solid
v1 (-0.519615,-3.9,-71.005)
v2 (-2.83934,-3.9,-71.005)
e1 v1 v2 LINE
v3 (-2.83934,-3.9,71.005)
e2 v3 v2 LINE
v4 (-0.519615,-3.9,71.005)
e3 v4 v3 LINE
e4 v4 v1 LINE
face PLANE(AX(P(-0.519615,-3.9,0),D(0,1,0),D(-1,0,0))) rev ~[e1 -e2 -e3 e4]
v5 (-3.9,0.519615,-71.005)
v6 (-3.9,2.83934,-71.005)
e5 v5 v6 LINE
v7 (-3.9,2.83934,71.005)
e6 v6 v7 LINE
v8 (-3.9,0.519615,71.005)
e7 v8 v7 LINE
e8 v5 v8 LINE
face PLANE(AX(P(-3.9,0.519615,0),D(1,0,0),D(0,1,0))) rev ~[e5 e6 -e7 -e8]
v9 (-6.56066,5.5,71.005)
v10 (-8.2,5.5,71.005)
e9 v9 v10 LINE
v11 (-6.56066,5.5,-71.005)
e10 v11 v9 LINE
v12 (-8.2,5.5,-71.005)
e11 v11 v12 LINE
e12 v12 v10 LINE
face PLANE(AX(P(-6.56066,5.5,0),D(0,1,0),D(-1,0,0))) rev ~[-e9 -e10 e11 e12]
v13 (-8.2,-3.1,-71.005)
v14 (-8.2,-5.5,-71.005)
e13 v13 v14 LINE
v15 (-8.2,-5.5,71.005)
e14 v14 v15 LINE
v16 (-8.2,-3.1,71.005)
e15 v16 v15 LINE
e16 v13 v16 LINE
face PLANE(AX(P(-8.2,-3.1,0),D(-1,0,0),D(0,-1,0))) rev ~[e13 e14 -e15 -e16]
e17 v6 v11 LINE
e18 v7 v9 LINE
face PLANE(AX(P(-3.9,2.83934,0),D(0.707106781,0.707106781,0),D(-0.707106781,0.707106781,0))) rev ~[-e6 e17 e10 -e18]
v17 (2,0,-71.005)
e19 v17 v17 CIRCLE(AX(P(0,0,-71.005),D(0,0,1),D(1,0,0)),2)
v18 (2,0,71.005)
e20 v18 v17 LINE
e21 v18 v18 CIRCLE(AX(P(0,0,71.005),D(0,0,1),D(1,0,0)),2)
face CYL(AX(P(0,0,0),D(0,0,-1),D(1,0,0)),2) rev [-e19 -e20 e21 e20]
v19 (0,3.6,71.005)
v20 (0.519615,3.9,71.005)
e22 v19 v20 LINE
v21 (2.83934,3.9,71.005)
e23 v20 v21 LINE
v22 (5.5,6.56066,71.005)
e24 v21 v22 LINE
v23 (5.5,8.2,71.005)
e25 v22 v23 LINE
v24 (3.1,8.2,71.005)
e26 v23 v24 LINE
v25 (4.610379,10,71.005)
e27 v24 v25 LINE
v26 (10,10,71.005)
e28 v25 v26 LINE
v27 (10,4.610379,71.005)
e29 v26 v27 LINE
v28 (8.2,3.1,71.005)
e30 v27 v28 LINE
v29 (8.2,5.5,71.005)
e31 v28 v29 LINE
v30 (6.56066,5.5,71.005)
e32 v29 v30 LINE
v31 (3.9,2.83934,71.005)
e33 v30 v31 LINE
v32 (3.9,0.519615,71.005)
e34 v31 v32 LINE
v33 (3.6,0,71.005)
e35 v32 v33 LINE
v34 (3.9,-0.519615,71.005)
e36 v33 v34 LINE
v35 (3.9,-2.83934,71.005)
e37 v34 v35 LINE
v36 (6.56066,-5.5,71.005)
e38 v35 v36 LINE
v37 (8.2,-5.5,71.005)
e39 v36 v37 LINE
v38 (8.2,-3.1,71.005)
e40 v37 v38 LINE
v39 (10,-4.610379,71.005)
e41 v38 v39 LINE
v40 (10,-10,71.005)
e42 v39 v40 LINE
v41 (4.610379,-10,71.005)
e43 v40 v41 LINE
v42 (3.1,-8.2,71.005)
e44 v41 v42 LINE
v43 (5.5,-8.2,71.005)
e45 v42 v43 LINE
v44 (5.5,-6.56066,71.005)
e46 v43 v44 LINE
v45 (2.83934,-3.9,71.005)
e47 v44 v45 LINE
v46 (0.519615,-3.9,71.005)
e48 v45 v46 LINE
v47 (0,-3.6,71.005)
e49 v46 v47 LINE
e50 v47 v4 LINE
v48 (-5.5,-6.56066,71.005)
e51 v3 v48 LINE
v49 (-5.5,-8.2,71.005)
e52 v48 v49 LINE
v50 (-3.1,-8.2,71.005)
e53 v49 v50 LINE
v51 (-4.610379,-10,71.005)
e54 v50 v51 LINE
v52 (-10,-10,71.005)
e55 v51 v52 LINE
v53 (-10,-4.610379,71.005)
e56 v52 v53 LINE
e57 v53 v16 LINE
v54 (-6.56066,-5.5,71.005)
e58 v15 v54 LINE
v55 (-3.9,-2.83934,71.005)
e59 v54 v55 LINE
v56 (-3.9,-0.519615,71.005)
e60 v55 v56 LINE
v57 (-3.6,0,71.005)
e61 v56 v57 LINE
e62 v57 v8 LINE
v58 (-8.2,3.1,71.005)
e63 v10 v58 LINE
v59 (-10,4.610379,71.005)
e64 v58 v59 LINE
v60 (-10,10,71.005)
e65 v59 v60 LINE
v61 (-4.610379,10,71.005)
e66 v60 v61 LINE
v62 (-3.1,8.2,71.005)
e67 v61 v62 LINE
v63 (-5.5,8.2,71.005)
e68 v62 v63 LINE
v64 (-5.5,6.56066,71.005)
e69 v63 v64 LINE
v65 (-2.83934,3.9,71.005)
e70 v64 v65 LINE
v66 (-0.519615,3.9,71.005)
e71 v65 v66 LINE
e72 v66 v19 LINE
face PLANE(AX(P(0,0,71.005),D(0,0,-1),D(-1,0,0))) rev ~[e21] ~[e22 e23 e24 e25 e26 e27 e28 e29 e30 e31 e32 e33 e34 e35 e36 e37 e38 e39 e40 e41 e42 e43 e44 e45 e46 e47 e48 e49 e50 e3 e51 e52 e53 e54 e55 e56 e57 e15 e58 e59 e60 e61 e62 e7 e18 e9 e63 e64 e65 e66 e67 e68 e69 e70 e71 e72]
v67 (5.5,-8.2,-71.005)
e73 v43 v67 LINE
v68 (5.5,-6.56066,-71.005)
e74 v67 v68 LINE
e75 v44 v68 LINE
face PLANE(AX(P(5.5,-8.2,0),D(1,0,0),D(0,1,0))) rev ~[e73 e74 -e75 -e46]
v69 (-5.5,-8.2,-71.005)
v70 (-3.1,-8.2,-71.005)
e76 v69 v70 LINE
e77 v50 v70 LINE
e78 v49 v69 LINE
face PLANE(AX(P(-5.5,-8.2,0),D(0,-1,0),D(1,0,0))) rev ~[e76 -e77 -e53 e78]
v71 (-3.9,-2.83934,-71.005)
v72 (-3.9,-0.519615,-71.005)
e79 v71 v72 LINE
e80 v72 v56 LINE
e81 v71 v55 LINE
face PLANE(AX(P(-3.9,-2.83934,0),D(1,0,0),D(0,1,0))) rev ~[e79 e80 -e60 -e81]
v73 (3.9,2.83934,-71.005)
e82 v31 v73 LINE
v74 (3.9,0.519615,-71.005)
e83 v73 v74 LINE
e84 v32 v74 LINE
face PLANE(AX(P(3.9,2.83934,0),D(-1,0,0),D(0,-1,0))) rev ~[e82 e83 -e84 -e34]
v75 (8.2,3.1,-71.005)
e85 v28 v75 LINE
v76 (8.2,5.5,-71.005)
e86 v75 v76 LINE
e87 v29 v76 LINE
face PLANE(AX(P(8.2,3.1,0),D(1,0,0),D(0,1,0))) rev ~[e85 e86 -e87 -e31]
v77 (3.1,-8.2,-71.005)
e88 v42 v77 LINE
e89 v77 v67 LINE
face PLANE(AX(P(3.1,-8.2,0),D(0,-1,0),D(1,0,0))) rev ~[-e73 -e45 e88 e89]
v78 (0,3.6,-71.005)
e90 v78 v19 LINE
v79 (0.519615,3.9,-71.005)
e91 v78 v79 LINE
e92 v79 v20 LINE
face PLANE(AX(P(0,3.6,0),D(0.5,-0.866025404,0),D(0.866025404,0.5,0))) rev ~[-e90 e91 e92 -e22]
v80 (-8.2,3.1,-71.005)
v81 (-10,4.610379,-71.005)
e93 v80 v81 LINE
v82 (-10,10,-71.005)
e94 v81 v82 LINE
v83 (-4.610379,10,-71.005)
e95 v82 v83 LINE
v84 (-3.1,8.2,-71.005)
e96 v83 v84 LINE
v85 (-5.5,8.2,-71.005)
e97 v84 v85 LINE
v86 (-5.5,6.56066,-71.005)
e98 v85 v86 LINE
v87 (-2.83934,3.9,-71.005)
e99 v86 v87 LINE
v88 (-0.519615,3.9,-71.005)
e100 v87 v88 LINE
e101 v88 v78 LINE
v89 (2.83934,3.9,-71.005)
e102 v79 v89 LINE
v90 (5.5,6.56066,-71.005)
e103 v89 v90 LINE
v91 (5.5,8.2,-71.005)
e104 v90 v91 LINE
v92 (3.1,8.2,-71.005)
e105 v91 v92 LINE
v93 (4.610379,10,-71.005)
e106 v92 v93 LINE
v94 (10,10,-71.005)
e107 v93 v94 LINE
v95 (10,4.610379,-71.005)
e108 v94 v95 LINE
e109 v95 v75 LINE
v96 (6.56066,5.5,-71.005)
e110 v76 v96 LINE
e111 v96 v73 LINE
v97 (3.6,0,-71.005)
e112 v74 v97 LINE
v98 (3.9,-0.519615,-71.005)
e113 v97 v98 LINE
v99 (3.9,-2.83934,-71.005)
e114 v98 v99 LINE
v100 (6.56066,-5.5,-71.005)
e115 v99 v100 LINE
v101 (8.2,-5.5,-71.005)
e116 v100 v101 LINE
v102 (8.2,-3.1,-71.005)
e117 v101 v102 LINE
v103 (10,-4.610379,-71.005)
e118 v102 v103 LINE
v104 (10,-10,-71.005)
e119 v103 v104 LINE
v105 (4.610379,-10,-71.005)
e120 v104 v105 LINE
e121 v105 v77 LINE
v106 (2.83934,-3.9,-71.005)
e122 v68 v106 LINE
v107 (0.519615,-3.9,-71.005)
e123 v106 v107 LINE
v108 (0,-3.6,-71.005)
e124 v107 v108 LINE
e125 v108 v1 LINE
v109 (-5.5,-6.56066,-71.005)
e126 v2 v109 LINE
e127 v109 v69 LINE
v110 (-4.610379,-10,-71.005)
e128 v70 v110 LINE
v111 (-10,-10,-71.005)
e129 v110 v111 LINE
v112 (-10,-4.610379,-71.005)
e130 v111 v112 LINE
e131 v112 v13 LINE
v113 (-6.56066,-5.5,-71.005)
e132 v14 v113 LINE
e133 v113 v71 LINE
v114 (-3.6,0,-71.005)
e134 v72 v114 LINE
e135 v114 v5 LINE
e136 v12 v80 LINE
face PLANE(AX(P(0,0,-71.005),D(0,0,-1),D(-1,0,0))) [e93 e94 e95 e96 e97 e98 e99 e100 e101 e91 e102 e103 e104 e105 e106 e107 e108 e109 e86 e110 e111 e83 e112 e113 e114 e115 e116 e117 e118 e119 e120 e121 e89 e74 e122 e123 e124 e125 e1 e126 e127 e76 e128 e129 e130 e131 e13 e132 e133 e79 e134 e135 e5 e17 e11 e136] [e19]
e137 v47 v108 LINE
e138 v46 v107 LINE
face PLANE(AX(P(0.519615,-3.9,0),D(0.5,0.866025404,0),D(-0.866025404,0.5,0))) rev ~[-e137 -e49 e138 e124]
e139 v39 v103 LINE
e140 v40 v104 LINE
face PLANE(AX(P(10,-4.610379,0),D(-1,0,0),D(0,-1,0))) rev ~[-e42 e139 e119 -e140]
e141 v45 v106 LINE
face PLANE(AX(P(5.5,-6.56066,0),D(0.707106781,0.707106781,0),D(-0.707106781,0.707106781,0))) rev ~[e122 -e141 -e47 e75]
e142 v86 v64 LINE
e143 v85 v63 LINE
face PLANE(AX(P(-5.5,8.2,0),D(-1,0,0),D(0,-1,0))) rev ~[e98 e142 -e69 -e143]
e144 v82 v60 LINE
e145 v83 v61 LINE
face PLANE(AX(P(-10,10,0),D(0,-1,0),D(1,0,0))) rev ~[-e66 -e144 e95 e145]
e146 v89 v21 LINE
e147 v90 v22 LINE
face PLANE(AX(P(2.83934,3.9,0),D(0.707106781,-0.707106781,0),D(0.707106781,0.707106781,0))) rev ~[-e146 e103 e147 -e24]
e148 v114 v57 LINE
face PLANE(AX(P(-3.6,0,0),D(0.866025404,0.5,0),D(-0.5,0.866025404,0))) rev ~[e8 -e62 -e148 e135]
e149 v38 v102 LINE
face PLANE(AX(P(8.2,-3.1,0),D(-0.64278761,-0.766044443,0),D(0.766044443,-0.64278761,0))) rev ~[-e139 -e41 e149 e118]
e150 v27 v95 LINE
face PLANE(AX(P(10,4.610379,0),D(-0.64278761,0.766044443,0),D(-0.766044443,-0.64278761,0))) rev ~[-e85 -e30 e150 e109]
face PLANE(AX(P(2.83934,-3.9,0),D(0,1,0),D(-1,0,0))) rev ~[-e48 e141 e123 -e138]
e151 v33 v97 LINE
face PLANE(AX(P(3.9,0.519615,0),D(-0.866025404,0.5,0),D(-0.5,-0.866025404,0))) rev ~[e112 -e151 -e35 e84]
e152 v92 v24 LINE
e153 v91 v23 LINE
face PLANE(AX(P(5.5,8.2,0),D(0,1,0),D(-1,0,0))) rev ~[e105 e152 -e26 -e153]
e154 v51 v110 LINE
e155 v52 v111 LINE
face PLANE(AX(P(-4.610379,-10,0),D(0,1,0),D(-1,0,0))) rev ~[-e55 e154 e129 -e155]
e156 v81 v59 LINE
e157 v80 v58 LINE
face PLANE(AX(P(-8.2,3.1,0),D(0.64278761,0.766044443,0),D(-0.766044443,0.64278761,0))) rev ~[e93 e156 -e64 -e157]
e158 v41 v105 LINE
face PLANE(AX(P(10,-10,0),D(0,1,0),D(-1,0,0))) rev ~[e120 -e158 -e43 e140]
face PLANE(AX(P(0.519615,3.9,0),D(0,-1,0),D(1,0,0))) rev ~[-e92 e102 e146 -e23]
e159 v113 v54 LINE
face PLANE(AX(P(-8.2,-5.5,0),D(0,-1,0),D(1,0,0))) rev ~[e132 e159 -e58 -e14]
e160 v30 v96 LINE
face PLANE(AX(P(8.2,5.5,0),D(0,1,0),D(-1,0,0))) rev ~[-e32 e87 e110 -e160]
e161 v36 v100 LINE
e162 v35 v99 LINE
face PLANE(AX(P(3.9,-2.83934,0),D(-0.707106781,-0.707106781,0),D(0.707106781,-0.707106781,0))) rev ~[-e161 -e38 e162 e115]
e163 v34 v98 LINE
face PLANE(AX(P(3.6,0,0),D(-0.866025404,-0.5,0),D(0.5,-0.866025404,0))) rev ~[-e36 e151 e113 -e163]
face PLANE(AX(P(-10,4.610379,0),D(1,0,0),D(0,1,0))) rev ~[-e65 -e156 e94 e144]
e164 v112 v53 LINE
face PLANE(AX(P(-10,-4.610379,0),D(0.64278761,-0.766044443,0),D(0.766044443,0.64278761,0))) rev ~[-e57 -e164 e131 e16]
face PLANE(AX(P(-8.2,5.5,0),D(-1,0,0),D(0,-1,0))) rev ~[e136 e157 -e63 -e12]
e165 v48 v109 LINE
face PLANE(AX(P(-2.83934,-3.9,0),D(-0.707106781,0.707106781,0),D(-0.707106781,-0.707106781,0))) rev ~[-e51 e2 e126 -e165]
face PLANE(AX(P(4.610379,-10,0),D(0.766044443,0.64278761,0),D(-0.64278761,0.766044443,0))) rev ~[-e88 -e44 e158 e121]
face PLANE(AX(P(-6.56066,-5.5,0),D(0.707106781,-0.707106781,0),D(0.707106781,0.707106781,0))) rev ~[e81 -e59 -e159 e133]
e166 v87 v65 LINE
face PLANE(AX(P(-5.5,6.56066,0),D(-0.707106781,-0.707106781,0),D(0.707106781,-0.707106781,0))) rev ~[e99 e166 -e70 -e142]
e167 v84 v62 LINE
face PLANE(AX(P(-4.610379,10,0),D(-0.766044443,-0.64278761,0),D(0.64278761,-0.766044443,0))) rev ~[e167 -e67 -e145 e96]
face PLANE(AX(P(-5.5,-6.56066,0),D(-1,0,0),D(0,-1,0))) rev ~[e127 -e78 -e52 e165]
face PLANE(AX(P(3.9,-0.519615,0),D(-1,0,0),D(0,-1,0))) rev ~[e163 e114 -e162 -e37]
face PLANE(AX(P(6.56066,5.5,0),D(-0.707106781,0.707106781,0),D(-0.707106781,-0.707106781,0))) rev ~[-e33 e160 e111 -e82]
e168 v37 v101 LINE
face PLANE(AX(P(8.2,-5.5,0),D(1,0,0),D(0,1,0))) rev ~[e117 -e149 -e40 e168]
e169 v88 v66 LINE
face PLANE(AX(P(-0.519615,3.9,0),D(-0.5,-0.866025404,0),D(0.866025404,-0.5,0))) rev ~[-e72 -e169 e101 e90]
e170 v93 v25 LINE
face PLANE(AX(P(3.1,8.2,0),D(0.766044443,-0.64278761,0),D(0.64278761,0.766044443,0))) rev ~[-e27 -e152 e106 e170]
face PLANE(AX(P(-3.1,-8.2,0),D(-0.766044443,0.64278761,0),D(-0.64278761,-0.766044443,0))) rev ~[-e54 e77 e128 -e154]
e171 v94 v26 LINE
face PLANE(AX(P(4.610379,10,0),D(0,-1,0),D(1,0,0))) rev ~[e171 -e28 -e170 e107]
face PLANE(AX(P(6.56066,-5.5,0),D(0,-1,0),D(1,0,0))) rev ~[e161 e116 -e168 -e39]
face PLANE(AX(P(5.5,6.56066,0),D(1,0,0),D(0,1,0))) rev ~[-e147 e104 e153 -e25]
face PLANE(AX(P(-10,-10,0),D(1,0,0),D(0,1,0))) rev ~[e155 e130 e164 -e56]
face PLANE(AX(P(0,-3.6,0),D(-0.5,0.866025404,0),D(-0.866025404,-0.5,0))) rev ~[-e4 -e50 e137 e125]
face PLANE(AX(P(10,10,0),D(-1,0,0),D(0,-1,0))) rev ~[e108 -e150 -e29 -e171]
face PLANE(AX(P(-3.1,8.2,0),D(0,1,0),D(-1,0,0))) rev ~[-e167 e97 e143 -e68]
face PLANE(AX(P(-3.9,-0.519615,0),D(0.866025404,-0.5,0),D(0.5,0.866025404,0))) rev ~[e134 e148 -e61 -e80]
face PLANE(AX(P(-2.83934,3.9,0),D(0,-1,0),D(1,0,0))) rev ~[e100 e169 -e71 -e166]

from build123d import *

# Parameters (mm, degrees)
SKETCH1_R           = 2
BOSS_EXTRUDE1_DEPTH = 71.005


with BuildPart() as part:
    # Sketch1 → Boss-Extrude1 (new body, symmetric)
    with BuildSketch(Plane.XY):
        Polygon((10, 10), (10, 4.610379336), (8.2, 3.1), (8.2, 5.5), (6.560660172, 5.5), (3.9, 2.839339828), (3.9, 0.519615242), (3.6, 0), (3.9, -0.519615242), (3.9, -2.839339828), (6.560660172, -5.5), (8.2, -5.5), (8.2, -3.1), (10, -4.610379336), (10, -10), (4.610379336, -10), (3.1, -8.2), (5.5, -8.2), (5.5, -6.560660172), (2.839339828, -3.9), (0.519615242, -3.9), (0, -3.6), (-0.519615242, -3.9), (-2.839339828, -3.9), (-5.5, -6.560660172), (-5.5, -8.2), (-3.1, -8.2), (-4.610379336, -10), (-10, -10), (-10, -4.610379336), (-8.2, -3.1), (-8.2, -5.5), (-6.560660172, -5.5), (-3.9, -2.839339828), (-3.9, -0.519615242), (-3.6, 0), (-3.9, 0.519615242), (-3.9, 2.839339828), (-6.560660172, 5.5), (-8.2, 5.5), (-8.2, 3.1), (-10, 4.610379336), (-10, 10), (-4.610379336, 10), (-3.1, 8.2), (-5.5, 8.2), (-5.5, 6.560660172), (-2.839339828, 3.9), (-0.519615242, 3.9), (0, 3.6), (0.519615242, 3.9), (2.839339828, 3.9), (5.5, 6.560660172), (5.5, 8.2), (3.1, 8.2), (4.610379336, 10), align=None)
        Circle(SKETCH1_R, mode=Mode.SUBTRACT)
    extrude(amount=BOSS_EXTRUDE1_DEPTH, both=True)


solid = part.part
